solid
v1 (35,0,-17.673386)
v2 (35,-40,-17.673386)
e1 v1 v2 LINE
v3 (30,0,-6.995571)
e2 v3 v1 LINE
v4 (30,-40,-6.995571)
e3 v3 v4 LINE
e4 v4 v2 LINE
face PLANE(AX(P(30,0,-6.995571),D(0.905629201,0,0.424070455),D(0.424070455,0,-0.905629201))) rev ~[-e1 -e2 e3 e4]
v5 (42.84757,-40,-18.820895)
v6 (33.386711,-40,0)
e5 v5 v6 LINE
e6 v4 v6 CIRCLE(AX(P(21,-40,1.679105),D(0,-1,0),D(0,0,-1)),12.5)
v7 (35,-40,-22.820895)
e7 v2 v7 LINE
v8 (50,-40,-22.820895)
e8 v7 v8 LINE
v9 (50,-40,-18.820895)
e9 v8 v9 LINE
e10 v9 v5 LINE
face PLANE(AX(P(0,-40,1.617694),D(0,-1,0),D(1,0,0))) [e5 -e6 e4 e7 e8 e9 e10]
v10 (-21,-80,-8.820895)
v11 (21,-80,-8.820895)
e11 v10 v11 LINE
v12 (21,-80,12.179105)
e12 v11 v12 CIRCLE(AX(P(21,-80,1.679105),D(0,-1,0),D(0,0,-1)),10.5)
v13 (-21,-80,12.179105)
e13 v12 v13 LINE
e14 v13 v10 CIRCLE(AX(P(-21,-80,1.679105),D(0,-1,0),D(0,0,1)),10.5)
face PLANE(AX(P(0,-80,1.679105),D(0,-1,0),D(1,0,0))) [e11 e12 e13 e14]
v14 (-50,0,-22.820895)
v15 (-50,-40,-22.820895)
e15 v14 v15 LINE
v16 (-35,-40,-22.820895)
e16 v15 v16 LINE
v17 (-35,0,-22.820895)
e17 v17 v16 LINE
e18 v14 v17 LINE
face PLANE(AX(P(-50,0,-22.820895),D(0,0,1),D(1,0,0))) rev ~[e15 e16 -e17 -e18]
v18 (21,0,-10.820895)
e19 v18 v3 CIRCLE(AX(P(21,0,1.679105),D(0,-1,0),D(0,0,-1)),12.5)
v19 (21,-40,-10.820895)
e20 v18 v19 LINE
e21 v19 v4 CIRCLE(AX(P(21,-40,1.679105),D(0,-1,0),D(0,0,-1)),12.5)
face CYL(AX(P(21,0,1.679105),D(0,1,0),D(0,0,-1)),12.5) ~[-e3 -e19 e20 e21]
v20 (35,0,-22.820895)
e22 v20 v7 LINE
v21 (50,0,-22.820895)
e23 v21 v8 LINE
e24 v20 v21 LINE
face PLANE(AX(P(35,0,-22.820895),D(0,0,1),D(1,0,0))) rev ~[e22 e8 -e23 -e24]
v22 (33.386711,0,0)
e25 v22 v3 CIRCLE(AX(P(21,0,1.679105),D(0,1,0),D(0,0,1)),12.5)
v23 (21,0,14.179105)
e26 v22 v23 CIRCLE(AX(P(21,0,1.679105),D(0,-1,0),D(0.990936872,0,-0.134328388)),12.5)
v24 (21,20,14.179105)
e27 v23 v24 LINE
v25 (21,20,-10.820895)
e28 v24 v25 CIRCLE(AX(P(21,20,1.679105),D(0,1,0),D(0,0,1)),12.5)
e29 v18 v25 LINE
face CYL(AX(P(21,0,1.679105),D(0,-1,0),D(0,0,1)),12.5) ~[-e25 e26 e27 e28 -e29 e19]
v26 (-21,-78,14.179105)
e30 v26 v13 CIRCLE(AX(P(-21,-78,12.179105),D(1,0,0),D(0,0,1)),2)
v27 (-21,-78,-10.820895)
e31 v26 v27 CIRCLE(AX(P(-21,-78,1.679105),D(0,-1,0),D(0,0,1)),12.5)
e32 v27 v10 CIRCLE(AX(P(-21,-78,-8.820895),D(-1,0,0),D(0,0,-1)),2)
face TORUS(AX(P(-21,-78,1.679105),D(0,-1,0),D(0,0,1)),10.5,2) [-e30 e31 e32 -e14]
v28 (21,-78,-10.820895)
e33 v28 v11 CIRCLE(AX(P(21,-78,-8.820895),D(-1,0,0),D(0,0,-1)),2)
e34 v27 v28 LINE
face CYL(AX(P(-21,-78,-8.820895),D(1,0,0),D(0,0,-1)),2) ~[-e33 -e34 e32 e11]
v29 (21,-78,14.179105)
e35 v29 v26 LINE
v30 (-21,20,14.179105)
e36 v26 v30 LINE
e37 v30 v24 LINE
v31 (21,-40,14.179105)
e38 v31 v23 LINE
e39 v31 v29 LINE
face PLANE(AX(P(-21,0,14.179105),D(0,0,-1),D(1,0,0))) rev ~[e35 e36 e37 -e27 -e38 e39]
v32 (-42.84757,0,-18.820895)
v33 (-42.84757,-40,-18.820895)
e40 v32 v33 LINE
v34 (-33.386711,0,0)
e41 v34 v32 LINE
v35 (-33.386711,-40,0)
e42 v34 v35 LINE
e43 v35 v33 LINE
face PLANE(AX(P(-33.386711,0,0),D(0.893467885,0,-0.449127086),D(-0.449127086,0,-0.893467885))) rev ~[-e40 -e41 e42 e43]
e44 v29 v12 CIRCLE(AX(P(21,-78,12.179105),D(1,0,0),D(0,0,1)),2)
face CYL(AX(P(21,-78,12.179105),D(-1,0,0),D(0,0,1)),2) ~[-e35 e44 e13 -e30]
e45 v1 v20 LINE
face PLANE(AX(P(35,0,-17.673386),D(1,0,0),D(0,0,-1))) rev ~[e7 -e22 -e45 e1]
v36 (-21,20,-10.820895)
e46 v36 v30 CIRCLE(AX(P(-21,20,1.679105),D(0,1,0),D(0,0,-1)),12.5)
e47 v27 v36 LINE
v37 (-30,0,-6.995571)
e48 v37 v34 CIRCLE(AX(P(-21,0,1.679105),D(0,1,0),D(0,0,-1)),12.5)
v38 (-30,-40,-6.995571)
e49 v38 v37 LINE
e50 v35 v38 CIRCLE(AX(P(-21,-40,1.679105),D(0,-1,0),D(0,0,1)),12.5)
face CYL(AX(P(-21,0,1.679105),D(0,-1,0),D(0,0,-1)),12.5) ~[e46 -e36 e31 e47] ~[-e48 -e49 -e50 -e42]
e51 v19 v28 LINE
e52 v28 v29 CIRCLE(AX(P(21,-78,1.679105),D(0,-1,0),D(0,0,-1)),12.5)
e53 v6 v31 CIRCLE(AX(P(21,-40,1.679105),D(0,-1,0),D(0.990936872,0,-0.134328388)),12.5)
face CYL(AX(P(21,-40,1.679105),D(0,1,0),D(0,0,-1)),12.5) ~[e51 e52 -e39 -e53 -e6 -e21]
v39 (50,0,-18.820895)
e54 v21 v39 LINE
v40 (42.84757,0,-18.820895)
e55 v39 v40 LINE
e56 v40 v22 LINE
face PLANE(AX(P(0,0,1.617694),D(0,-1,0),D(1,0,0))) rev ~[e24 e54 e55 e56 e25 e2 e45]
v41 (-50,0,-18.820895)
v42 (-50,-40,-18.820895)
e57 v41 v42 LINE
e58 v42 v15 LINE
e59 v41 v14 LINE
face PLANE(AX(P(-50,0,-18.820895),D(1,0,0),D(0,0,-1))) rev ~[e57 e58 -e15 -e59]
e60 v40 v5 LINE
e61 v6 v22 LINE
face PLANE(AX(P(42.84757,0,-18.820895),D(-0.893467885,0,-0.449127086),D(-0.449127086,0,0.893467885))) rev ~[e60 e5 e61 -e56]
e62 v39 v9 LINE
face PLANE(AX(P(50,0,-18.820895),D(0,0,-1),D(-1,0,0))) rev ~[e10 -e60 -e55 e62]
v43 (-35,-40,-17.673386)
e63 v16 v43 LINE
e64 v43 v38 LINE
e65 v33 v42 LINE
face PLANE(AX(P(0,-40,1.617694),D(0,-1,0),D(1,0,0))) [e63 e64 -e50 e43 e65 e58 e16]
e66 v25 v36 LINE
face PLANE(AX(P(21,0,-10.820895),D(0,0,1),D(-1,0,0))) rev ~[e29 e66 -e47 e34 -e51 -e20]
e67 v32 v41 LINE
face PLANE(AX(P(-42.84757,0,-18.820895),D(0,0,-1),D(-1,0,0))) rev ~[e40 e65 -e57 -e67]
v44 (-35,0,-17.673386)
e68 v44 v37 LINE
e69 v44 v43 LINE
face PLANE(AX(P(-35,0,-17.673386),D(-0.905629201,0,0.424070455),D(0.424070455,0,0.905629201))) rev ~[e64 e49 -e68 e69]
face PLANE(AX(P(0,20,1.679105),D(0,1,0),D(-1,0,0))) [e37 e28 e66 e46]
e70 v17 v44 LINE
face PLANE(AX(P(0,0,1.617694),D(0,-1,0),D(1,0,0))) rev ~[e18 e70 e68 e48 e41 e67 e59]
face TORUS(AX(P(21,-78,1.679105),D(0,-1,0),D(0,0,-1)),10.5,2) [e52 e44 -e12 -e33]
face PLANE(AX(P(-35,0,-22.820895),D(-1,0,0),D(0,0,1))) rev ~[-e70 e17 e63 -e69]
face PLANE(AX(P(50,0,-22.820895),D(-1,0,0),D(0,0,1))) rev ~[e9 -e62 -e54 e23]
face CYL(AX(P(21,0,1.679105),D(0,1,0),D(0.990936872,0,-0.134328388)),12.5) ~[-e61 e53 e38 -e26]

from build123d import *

# Parameters (mm, degrees)
F1_DEPTH = 40
F3_DEPTH = 40
F5_DEPTH = 20
F6_R     = 2


with BuildPart() as f1:
    # F0 (on Front) → F1 (new body)
    with BuildSketch(Plane.XZ):
        with BuildLine():
            Line((-21, -10.8208951545), (0, -10.8208951545))
            Line((0, -10.8208951545), (21, -10.8208951545))
            ThreePointArc((21, -10.8208951545), (25.8896090165, -9.8248824487), (30, -6.9955709409))
            ThreePointArc((30, -6.9955709409), (32.2508823643, -3.7676966034), (33.3867108999, 0))
            ThreePointArc((33.3867108999, 0), (30.4137880412, 9.9028871089), (21, 14.1791048455))
            Line((21, 14.1791048455), (0, 14.1791048455))
            Line((0, 14.1791048455), (-21, 14.1791048455))
            ThreePointArc((-21, 14.1791048455), (-30.4137880412, 9.9028871089), (-33.3867108999, 0))
            ThreePointArc((-33.3867108999, 0), (-32.2508823643, -3.7676966034), (-30, -6.9955709409))
            ThreePointArc((-30, -6.9955709409), (-25.8896090165, -9.8248824487), (-21, -10.8208951545))
        make_face()
        with BuildLine():
            ThreePointArc((33.3867108999, 0), (32.2508823643, -3.7676966034), (30, -6.9955709409))
            Line((30, -6.9955709409), (35, -17.6733862609))
            Line((35, -17.6733862609), (35, -22.8208951545))
            Line((35, -22.8208951545), (50, -22.8208951545))
            Line((50, -22.8208951545), (50, -18.8208951545))
            Line((50, -18.8208951545), (42.8475700319, -18.8208951545))
            Line((42.8475700319, -18.8208951545), (33.3867108999, 0))
        make_face()
        with BuildLine():
            Line((-35, -17.6733862609), (-30, -6.9955709409))
            ThreePointArc((-30, -6.9955709409), (-32.2508823643, -3.7676966034), (-33.3867108999, 0))
            Line((-33.3867108999, 0), (-42.8475700319, -18.8208951545))
            Line((-42.8475700319, -18.8208951545), (-50, -18.8208951545))
            Line((-50, -18.8208951545), (-50, -22.8208951545))
            Line((-50, -22.8208951545), (-35, -22.8208951545))
            Line((-35, -22.8208951545), (-35, -17.6733862609))
        make_face()
    extrude(amount=F1_DEPTH)

    # F2 (on face) → F3 (join)
    with BuildSketch(Plane.XZ.offset(40)):
        with BuildLine():
            Line((21, 14.1791048455), (-21, 14.1791048455))
            ThreePointArc((-21, 14.1791048455), (-33.5, 1.6791048455), (-21, -10.8208951545))
            Line((-21, -10.8208951545), (21, -10.8208951545))
            ThreePointArc((21, -10.8208951545), (33.5, 1.6791048455), (21, 14.1791048455))
        make_face()
    extrude(amount=F3_DEPTH)

    # F4 (on face) + F2 (on face) → F5 (join)
    with BuildSketch(Plane(origin=(0, 0, 0), x_dir=(-1, 0, 0), z_dir=(0, 1, 0))):
        with BuildLine():
            Line((-21, -10.8208951545), (21, -10.8208951545))
            ThreePointArc((21, -10.8208951545), (33.5, 1.6791048455), (21, 14.1791048455))
            Line((21, 14.1791048455), (-21, 14.1791048455))
            ThreePointArc((-21, 14.1791048455), (-33.5, 1.6791048455), (-21, -10.8208951545))
        make_face()
    with BuildSketch(Plane.XZ.offset(40)):
        with BuildLine():
            Line((21, 14.1791048455), (-21, 14.1791048455))
            ThreePointArc((-21, 14.1791048455), (-33.5, 1.6791048455), (-21, -10.8208951545))
            Line((-21, -10.8208951545), (21, -10.8208951545))
            ThreePointArc((21, -10.8208951545), (33.5, 1.6791048455), (21, 14.1791048455))
        make_face()
    extrude(amount=F5_DEPTH, dir=(0, 1, 0))

    # F6
    f6_edges = [f1.edges().sort_by_distance(p)[0] for p in [
        (0, -80, 14.179105),
        (33.5, -80, 1.679105),
        (0, -80, -10.820895),
        (-33.5, -80, 1.679105),
    ]]
    fillet(f6_edges, radius=F6_R)


solid = f1.part
